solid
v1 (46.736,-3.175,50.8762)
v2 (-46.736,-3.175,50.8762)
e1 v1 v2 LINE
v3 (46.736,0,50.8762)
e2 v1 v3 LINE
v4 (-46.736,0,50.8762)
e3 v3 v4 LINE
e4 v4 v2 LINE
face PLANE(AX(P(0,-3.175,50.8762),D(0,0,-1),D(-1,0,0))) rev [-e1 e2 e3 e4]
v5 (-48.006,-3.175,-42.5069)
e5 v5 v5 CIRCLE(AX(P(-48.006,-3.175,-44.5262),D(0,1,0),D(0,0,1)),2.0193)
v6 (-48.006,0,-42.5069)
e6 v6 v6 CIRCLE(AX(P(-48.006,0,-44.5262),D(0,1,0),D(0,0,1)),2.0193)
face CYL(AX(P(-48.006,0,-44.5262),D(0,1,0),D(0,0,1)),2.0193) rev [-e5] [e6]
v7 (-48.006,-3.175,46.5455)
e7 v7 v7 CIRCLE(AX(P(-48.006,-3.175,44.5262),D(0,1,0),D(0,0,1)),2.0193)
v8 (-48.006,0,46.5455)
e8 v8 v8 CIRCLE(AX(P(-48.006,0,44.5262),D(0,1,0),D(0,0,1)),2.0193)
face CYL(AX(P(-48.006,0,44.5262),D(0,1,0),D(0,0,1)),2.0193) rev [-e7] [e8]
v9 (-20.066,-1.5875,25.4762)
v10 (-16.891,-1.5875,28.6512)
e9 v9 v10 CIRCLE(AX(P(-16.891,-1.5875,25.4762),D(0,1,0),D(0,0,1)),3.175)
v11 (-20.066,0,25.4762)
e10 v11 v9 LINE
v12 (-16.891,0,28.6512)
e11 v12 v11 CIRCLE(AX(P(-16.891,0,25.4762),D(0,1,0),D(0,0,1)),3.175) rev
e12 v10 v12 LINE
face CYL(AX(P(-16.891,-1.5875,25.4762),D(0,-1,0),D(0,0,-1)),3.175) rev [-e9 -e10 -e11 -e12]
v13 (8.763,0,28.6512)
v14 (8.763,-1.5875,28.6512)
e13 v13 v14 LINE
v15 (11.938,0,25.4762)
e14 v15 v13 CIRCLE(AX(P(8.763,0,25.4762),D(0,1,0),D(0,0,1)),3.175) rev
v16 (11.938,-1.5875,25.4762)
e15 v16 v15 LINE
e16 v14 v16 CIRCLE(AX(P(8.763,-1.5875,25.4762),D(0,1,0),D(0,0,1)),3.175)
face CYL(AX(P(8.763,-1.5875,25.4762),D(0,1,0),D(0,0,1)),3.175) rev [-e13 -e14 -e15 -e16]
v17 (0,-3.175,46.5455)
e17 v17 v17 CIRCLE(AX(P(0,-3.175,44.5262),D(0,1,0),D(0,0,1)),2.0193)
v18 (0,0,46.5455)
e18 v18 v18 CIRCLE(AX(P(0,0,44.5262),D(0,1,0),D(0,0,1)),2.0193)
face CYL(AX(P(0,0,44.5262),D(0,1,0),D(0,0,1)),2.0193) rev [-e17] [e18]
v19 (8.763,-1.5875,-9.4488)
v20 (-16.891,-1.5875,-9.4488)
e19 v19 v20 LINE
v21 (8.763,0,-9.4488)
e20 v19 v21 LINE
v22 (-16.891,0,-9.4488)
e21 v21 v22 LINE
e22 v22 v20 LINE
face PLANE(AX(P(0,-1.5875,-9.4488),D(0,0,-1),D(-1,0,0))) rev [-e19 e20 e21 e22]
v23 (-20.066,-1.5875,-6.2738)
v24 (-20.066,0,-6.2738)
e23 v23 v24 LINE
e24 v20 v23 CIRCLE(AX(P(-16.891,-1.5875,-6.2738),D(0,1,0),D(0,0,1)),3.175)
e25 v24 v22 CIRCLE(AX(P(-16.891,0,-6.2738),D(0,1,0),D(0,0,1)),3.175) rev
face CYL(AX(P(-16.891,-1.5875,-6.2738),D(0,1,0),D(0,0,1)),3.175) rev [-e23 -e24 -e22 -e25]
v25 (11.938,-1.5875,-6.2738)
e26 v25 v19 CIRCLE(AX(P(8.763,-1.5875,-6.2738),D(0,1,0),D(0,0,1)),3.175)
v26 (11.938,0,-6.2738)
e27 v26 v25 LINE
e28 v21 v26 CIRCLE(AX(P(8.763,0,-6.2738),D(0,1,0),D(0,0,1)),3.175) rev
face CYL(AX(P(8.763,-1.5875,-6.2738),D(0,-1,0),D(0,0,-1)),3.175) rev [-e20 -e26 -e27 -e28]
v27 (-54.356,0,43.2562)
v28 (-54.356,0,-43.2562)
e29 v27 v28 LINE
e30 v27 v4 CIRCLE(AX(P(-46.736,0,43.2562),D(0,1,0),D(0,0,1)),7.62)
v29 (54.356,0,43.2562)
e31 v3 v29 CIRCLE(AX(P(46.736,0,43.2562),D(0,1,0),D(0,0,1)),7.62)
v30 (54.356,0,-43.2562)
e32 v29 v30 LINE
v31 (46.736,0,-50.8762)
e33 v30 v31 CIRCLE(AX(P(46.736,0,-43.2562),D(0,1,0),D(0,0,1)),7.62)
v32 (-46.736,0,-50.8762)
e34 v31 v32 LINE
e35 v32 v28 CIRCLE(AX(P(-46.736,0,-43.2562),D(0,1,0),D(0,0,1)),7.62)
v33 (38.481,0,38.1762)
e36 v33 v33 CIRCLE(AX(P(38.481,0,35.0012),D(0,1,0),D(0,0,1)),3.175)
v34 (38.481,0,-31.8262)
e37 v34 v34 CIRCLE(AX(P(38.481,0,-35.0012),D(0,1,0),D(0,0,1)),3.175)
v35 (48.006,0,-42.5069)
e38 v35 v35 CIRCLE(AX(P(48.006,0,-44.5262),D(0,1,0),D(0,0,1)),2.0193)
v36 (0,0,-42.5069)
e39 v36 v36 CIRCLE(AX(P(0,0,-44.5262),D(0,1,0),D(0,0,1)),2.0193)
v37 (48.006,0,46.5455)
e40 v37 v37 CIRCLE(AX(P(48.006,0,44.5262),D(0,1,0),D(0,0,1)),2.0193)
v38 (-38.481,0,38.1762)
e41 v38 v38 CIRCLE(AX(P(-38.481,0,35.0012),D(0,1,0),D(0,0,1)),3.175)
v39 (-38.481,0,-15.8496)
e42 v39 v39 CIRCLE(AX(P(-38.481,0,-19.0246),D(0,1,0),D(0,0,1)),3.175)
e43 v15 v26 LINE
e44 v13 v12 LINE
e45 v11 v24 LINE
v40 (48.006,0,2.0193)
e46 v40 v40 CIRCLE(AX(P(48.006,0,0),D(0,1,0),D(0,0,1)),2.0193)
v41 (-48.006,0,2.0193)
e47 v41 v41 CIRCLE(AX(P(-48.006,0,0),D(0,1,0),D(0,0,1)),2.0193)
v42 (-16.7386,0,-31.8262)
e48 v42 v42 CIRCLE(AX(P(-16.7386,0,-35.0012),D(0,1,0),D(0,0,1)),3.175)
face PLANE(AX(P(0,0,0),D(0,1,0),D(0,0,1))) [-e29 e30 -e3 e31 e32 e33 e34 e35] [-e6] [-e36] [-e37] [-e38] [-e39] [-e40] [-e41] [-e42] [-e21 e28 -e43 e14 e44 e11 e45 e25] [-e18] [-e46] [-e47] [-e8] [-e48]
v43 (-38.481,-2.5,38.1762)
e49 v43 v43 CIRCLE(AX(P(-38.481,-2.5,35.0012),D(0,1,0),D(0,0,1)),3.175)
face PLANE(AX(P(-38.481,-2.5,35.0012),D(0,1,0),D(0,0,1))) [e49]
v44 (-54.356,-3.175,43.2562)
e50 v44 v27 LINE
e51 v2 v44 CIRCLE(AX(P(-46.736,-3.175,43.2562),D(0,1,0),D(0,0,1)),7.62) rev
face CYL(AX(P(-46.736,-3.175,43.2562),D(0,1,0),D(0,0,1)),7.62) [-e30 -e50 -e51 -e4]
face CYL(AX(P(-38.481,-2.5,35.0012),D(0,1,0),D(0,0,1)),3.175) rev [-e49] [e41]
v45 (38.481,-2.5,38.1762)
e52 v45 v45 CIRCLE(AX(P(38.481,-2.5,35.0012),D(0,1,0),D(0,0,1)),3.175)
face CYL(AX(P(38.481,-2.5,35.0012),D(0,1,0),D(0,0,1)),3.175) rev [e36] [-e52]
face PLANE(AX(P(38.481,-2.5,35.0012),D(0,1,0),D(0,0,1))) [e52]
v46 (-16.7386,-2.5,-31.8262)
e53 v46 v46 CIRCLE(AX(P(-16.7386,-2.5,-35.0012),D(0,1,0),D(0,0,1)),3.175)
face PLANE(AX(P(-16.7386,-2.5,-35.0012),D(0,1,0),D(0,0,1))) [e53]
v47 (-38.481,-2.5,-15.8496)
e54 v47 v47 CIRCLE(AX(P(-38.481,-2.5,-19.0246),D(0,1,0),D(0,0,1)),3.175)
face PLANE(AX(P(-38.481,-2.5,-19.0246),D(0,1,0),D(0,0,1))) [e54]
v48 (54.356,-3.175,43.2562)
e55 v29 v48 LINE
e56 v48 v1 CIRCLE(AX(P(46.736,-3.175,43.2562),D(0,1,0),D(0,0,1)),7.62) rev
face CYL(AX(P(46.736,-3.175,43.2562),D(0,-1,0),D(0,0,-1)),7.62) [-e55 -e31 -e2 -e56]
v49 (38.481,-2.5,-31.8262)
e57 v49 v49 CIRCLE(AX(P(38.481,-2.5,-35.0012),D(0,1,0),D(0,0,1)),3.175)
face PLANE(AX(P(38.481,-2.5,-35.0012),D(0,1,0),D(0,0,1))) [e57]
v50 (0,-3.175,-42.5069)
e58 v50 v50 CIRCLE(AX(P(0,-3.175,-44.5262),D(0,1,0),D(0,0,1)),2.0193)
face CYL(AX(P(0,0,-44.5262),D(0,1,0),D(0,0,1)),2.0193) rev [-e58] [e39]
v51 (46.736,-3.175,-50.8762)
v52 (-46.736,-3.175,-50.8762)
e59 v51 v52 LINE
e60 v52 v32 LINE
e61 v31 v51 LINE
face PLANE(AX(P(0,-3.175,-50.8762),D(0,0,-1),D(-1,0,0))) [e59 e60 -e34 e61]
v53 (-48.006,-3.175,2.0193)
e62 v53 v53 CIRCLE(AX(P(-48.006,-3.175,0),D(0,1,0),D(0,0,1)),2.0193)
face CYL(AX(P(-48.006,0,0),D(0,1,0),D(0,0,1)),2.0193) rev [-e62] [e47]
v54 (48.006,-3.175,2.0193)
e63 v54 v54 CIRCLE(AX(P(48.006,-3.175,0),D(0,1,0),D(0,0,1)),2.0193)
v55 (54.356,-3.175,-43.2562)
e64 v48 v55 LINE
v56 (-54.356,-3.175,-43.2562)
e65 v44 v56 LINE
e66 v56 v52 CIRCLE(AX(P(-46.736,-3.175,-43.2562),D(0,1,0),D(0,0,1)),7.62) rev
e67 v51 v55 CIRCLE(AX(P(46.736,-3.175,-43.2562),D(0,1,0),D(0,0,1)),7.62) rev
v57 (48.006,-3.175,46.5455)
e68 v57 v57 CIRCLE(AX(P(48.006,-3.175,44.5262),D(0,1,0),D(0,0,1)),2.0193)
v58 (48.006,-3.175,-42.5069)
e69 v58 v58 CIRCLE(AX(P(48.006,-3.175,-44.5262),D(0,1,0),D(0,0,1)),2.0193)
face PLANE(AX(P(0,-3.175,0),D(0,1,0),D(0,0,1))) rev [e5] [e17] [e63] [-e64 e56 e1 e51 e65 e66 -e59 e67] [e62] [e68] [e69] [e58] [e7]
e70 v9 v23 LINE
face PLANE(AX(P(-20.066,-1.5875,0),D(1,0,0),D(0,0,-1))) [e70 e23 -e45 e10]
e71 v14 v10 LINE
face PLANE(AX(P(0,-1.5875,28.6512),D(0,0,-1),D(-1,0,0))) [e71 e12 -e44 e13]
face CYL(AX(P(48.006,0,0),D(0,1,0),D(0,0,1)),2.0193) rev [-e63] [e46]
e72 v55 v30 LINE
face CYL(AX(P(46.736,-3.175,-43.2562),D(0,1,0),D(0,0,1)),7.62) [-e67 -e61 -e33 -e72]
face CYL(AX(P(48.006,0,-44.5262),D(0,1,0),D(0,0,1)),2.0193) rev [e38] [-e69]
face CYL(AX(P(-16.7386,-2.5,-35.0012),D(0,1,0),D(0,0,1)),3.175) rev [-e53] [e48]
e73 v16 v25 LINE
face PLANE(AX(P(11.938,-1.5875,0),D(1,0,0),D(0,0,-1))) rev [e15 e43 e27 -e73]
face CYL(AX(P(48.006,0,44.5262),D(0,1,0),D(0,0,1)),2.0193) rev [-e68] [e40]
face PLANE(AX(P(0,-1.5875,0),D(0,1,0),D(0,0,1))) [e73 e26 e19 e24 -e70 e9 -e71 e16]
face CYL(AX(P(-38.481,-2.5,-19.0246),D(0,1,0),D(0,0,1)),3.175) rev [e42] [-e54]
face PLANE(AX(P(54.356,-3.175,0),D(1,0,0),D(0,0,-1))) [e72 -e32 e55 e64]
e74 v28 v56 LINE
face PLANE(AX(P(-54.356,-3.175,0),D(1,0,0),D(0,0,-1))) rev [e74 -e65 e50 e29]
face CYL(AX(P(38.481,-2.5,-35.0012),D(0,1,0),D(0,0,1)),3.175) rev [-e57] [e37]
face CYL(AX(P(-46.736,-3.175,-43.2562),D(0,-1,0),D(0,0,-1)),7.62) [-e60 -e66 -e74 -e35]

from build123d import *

# Parameters (mm, degrees)
SKETCH1_W              = 108.712
SKETCH1_H              = 101.7524
BOSS_EXTRUDE1_DEPTH    = 3.175
SKETCH1_4_W            = 32.004
SKETCH1_4_H            = 38.1
CUT_EXTRUDE1_DEPTH     = 1.5875
SKETCH4_R              = 3.175
CUT_EXTRUDE2_DEPTH     = 2.5
FILLET1_R              = 7.62
F_10_32_TAPPED_HOLE1_D = 4.0386
FILLET2_R              = 3.175


with BuildPart() as part:
    # Sketch1 → Boss-Extrude1 (new body)
    with BuildSketch(Plane(origin=(0, 0, 0), x_dir=(1, 0, 0), z_dir=(0, 1, 0))):
        Rectangle(SKETCH1_W, SKETCH1_H)
    extrude(amount=-BOSS_EXTRUDE1_DEPTH)

    # Sketch1<4> → Cut-Extrude1 (cut)
    with BuildSketch(Plane(origin=(0, 0, 0), x_dir=(1, 0, 0), z_dir=(0, 1, 0))):
        with Locations((-4.064, -9.6012)):
            Rectangle(SKETCH1_4_W, SKETCH1_4_H)
    extrude(amount=-CUT_EXTRUDE1_DEPTH, mode=Mode.SUBTRACT)

    # Sketch4 → Cut-Extrude2 (cut)
    with BuildSketch(Plane(origin=(0, 0, 0), x_dir=(1, 0, 0), z_dir=(0, 1, 0))):
        with Locations((-38.481, 19.0246)):
            Circle(SKETCH4_R)
        with Locations((-16.7386, 35.0012)):
            Circle(SKETCH4_R)
        with Locations((38.481, 35.0012)):
            Circle(SKETCH4_R)
        with Locations((38.481, -35.0012)):
            Circle(SKETCH4_R)
        with Locations((-38.481, -35.0012)):
            Circle(SKETCH4_R)
    extrude(amount=-CUT_EXTRUDE2_DEPTH, mode=Mode.SUBTRACT)

    # Fillet1
    fillet1_edges = [part.edges().sort_by_distance(p)[0] for p in [
        (-54.356, -1.5875, -50.8762),
        (54.356, -1.5875, -50.8762),
        (54.356, -1.5875, 50.8762),
        (-54.356, -1.5875, 50.8762),
    ]]
    fillet(fillet1_edges, radius=FILLET1_R)

    # #10-32 Tapped Hole1 (through all)
    with Locations(Plane(origin=(0, 0, 0), x_dir=(1, 0, 0), z_dir=(0, 1, 0))):
        with Locations((-48.006, 44.5262), (48.006, 44.5262), (48.006, -44.5262), (-48.006, -44.5262), (0, -44.5262), (-48.006, 0), (48.006, 0), (0, 44.5262)):
            Hole(F_10_32_TAPPED_HOLE1_D / 2)

    # Fillet2
    fillet2_edges = [part.edges().sort_by_distance(p)[0] for p in [
        (-20.066, -0.79375, -9.4488),
        (11.938, -0.79375, -9.4488),
        (11.938, -0.79375, 28.6512),
        (-20.066, -0.79375, 28.6512),
    ]]
    fillet(fillet2_edges, radius=FILLET2_R)


solid = part.part
